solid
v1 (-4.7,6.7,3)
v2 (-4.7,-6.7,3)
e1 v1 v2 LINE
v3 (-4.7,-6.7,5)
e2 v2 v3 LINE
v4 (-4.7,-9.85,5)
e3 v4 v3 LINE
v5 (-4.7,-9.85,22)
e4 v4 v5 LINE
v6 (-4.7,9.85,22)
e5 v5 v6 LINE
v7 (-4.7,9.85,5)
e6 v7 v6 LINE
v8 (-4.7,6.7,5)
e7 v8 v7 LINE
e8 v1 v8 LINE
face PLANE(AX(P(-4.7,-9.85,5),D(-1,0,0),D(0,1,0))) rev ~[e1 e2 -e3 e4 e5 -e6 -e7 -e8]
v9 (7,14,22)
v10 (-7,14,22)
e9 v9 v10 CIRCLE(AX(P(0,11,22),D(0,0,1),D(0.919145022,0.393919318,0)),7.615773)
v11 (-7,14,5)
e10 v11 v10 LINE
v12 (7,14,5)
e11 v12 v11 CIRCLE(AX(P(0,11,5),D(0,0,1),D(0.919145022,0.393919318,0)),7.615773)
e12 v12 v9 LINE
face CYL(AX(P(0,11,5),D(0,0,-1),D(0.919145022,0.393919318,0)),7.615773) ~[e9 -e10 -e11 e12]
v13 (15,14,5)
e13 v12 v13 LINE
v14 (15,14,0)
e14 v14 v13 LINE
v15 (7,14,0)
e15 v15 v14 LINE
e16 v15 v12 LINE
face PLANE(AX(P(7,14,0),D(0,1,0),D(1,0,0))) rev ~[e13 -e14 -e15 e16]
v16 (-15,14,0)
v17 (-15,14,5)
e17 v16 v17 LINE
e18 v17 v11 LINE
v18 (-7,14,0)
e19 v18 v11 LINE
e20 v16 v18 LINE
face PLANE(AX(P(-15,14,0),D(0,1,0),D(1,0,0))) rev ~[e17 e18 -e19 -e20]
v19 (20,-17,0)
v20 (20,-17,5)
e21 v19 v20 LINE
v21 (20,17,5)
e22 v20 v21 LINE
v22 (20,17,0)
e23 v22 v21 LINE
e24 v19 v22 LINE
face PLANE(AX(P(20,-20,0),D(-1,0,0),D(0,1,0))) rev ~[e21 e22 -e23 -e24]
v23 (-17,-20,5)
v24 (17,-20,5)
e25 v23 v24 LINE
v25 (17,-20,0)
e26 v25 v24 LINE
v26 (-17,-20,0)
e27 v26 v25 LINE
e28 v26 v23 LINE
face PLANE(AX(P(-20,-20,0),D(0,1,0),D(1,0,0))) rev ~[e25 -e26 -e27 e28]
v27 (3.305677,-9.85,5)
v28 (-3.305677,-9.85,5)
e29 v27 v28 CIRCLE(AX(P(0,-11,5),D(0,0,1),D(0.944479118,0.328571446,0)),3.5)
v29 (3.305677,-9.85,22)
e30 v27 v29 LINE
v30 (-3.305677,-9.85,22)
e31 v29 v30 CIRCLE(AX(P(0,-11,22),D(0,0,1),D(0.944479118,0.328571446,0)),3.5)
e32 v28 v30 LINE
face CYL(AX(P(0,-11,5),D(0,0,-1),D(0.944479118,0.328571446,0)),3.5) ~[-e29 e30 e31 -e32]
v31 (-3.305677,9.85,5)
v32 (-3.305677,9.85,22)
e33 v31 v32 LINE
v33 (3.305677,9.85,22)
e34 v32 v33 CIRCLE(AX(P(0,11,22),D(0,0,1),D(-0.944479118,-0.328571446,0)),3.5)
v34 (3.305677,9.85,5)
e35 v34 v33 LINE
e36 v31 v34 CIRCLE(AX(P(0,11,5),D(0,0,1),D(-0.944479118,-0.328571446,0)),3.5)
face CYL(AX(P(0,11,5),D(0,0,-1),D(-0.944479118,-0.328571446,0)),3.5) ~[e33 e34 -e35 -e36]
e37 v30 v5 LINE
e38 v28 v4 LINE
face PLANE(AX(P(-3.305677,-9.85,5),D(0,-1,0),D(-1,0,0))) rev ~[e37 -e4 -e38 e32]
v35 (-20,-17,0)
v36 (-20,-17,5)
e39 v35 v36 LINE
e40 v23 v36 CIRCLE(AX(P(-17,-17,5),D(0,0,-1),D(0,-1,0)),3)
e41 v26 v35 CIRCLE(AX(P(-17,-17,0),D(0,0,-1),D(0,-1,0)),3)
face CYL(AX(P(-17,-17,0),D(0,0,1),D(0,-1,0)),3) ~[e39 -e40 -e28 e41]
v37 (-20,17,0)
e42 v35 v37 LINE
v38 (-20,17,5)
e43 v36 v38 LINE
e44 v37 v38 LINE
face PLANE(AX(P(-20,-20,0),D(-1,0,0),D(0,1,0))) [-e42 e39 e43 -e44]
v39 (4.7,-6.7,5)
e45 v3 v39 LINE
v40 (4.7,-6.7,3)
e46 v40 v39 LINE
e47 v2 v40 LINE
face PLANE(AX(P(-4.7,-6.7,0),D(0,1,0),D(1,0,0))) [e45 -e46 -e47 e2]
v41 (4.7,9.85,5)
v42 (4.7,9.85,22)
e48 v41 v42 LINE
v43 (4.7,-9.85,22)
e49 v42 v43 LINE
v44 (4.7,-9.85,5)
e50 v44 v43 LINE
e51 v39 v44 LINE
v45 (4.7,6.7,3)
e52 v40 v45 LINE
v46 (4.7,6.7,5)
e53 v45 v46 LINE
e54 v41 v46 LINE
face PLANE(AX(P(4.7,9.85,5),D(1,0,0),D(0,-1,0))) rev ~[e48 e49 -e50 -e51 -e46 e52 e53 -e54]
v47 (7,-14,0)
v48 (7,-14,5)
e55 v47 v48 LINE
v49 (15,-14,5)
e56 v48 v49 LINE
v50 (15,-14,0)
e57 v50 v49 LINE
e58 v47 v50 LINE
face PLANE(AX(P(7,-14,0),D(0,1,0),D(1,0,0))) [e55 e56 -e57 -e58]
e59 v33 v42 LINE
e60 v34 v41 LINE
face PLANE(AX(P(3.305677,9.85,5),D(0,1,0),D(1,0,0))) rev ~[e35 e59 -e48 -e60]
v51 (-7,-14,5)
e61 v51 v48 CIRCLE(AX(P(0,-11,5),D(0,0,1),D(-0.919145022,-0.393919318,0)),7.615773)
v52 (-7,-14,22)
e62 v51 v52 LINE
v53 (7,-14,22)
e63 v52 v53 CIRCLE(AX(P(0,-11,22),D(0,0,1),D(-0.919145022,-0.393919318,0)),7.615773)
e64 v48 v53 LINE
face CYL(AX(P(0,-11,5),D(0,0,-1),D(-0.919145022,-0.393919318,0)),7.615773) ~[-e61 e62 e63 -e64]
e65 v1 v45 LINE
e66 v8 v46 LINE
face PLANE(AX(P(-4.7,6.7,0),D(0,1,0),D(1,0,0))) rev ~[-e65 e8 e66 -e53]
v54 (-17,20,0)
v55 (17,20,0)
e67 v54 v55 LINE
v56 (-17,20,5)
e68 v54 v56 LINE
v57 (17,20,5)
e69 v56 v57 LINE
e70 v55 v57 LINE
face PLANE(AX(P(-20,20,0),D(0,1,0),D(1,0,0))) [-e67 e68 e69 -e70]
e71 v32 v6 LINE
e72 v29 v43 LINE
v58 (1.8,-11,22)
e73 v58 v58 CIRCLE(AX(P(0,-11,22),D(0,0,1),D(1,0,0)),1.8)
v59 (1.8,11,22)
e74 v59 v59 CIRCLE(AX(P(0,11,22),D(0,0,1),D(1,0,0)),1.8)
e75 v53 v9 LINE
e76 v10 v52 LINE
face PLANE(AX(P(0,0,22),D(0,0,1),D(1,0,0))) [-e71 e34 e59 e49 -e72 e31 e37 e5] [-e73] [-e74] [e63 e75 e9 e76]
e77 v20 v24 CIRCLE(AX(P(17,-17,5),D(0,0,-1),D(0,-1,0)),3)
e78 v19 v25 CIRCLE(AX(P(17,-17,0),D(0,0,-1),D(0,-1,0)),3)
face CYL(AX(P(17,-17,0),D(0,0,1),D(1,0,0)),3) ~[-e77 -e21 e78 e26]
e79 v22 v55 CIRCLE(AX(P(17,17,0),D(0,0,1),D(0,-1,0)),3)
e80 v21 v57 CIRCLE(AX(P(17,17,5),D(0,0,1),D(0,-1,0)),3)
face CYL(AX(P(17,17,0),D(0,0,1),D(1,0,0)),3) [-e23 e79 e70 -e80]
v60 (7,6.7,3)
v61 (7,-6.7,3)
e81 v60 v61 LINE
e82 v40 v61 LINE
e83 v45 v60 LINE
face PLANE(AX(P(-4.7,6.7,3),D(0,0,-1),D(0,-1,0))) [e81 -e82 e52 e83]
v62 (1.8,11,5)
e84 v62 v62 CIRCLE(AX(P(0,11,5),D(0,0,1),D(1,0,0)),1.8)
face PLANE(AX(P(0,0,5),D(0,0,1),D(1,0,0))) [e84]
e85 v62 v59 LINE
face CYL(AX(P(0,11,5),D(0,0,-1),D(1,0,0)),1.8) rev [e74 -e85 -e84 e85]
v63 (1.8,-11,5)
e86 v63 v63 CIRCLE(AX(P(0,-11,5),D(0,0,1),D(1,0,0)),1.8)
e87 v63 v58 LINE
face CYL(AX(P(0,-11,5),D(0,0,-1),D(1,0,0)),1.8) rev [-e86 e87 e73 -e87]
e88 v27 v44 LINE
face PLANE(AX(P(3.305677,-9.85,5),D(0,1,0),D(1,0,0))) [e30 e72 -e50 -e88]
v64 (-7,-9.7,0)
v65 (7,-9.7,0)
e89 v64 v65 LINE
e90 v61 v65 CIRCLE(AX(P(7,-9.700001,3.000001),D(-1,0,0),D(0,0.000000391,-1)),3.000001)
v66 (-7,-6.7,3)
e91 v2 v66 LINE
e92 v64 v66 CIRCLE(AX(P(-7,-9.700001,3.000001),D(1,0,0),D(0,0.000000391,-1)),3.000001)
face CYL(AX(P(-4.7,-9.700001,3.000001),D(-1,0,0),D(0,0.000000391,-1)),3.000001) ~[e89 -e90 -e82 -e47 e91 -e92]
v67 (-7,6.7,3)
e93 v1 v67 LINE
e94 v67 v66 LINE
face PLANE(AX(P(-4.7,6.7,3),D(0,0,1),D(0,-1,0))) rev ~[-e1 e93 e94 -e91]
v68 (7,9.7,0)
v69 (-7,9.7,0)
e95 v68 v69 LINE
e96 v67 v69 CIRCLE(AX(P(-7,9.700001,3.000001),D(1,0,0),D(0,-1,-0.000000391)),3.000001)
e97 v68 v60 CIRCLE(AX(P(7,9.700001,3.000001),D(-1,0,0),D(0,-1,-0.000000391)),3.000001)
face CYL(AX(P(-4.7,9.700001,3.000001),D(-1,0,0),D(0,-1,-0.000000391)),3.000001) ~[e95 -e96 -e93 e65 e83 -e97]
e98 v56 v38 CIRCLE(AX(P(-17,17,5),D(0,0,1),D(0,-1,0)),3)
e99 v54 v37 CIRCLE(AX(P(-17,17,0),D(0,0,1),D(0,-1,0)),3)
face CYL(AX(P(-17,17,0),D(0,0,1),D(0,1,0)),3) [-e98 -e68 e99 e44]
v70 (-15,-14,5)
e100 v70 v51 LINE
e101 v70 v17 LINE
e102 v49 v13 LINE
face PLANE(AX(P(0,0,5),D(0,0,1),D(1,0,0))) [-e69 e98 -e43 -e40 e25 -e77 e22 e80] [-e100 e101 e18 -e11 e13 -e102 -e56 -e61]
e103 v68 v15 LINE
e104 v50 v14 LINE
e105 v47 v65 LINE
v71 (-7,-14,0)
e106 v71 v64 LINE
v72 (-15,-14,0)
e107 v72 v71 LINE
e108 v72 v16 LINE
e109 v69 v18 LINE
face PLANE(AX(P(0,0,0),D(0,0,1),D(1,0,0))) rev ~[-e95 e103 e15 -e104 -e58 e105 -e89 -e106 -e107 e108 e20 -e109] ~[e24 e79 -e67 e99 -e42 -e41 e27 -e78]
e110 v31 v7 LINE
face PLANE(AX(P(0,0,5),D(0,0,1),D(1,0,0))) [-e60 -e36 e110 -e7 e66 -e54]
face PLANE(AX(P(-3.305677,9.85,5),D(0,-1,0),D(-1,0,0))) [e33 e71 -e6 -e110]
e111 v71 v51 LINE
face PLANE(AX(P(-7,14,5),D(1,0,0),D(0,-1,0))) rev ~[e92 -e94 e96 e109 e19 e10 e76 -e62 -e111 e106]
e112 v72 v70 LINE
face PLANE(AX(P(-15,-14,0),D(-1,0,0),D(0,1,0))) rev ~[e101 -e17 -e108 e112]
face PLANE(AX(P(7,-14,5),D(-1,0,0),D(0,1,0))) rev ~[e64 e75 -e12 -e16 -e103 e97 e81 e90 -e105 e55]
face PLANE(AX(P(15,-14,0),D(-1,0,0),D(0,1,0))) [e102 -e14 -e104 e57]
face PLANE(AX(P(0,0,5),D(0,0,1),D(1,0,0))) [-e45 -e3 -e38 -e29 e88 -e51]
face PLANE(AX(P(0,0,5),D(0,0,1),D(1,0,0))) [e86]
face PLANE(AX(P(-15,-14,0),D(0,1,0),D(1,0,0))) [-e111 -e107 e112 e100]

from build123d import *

# Parameters (mm, degrees)
SKETCH_W          = 40
SKETCH_H          = 40
SKETCH_W_2        = 8
SKETCH_H_2        = 28
SKETCH_W_3        = 9.4
SKETCH_H_3        = 13.4
PAD_DEPTH         = 5
SKETCH001_R       = 1.8
PAD001_DEPTH      = 17
POCKET_DEPTH      = 5
POCKET_DEPTH_BACK = -15
FILLET_R          = 3


with BuildPart() as part:
    # Sketch → Pad (new body)
    with BuildSketch(Plane.XY):
        Rectangle(SKETCH_W, SKETCH_H)
        with Locations((-11, 0)):
            Rectangle(SKETCH_W_2, SKETCH_H_2, mode=Mode.SUBTRACT)
        with Locations((11, 0)):
            Rectangle(SKETCH_W_2, SKETCH_H_2, mode=Mode.SUBTRACT)
        Rectangle(SKETCH_W_3, SKETCH_H_3, mode=Mode.SUBTRACT)
    extrude(amount=PAD_DEPTH)

    # Sketch001 (on Face18 of Pad) → Pad001 (join)
    with BuildSketch(Plane.XY.offset(5)):
        with BuildLine():
            Line((7, -14), (7, 14))
            ThreePointArc((7, 14), (0, 18.615773), (-7, 14))
            Line((-7, 14), (-7, -14))
            ThreePointArc((-7, -14), (0, -18.615773), (7, -14))
        make_face()
        with Locations((0, 11)):
            Circle(SKETCH001_R, mode=Mode.SUBTRACT)
        with Locations((0, -11)):
            Circle(SKETCH001_R, mode=Mode.SUBTRACT)
        with BuildLine():
            ThreePointArc((-3.305677, 9.85), (0, 7.5), (3.305677, 9.85))
            Line((3.305677, 9.85), (4.7, 9.85))
            Line((4.7, 9.85), (4.7, 0))
            Line((4.7, -9.85), (4.7, 0))
            Line((3.305677, -9.85), (4.7, -9.85))
            ThreePointArc((3.305677, -9.85), (0, -7.5), (-3.305677, -9.85))
            Line((-3.305677, -9.85), (-4.7, -9.85))
            Line((-4.7, -9.85), (-4.7, 0))
            Line((-4.7, 9.85), (-4.7, 0))
            Line((-3.305677, 9.85), (-4.7, 9.85))
        make_face(mode=Mode.SUBTRACT)
    extrude(amount=PAD001_DEPTH)

    # Sketch002 → Pocket (cut, two sides)
    with BuildSketch(Plane.YZ.offset(-4.7)) as pocket_sk:
        with BuildLine():
            ThreePointArc((-9.7, 0), (-7.57868, 0.87868), (-6.7, 3))
            Line((6.7, 3), (-6.7, 3))
            ThreePointArc((6.7, 3), (7.57868, 0.87868), (9.7, 0))
            Line((-9.7, 0), (9.7, 0))
        make_face()
    extrude(amount=-POCKET_DEPTH, mode=Mode.SUBTRACT)
    extrude(pocket_sk.sketch, amount=-POCKET_DEPTH_BACK, mode=Mode.SUBTRACT)

    # Fillet
    fillet_edges = [part.edges().sort_by_distance(p)[0] for p in [
        (20, 20, 2.5),
        (-20, 20, 2.5),
        (-20, -20, 2.5),
        (20, -20, 2.5),
    ]]
    fillet(fillet_edges, radius=FILLET_R)


solid = part.part
